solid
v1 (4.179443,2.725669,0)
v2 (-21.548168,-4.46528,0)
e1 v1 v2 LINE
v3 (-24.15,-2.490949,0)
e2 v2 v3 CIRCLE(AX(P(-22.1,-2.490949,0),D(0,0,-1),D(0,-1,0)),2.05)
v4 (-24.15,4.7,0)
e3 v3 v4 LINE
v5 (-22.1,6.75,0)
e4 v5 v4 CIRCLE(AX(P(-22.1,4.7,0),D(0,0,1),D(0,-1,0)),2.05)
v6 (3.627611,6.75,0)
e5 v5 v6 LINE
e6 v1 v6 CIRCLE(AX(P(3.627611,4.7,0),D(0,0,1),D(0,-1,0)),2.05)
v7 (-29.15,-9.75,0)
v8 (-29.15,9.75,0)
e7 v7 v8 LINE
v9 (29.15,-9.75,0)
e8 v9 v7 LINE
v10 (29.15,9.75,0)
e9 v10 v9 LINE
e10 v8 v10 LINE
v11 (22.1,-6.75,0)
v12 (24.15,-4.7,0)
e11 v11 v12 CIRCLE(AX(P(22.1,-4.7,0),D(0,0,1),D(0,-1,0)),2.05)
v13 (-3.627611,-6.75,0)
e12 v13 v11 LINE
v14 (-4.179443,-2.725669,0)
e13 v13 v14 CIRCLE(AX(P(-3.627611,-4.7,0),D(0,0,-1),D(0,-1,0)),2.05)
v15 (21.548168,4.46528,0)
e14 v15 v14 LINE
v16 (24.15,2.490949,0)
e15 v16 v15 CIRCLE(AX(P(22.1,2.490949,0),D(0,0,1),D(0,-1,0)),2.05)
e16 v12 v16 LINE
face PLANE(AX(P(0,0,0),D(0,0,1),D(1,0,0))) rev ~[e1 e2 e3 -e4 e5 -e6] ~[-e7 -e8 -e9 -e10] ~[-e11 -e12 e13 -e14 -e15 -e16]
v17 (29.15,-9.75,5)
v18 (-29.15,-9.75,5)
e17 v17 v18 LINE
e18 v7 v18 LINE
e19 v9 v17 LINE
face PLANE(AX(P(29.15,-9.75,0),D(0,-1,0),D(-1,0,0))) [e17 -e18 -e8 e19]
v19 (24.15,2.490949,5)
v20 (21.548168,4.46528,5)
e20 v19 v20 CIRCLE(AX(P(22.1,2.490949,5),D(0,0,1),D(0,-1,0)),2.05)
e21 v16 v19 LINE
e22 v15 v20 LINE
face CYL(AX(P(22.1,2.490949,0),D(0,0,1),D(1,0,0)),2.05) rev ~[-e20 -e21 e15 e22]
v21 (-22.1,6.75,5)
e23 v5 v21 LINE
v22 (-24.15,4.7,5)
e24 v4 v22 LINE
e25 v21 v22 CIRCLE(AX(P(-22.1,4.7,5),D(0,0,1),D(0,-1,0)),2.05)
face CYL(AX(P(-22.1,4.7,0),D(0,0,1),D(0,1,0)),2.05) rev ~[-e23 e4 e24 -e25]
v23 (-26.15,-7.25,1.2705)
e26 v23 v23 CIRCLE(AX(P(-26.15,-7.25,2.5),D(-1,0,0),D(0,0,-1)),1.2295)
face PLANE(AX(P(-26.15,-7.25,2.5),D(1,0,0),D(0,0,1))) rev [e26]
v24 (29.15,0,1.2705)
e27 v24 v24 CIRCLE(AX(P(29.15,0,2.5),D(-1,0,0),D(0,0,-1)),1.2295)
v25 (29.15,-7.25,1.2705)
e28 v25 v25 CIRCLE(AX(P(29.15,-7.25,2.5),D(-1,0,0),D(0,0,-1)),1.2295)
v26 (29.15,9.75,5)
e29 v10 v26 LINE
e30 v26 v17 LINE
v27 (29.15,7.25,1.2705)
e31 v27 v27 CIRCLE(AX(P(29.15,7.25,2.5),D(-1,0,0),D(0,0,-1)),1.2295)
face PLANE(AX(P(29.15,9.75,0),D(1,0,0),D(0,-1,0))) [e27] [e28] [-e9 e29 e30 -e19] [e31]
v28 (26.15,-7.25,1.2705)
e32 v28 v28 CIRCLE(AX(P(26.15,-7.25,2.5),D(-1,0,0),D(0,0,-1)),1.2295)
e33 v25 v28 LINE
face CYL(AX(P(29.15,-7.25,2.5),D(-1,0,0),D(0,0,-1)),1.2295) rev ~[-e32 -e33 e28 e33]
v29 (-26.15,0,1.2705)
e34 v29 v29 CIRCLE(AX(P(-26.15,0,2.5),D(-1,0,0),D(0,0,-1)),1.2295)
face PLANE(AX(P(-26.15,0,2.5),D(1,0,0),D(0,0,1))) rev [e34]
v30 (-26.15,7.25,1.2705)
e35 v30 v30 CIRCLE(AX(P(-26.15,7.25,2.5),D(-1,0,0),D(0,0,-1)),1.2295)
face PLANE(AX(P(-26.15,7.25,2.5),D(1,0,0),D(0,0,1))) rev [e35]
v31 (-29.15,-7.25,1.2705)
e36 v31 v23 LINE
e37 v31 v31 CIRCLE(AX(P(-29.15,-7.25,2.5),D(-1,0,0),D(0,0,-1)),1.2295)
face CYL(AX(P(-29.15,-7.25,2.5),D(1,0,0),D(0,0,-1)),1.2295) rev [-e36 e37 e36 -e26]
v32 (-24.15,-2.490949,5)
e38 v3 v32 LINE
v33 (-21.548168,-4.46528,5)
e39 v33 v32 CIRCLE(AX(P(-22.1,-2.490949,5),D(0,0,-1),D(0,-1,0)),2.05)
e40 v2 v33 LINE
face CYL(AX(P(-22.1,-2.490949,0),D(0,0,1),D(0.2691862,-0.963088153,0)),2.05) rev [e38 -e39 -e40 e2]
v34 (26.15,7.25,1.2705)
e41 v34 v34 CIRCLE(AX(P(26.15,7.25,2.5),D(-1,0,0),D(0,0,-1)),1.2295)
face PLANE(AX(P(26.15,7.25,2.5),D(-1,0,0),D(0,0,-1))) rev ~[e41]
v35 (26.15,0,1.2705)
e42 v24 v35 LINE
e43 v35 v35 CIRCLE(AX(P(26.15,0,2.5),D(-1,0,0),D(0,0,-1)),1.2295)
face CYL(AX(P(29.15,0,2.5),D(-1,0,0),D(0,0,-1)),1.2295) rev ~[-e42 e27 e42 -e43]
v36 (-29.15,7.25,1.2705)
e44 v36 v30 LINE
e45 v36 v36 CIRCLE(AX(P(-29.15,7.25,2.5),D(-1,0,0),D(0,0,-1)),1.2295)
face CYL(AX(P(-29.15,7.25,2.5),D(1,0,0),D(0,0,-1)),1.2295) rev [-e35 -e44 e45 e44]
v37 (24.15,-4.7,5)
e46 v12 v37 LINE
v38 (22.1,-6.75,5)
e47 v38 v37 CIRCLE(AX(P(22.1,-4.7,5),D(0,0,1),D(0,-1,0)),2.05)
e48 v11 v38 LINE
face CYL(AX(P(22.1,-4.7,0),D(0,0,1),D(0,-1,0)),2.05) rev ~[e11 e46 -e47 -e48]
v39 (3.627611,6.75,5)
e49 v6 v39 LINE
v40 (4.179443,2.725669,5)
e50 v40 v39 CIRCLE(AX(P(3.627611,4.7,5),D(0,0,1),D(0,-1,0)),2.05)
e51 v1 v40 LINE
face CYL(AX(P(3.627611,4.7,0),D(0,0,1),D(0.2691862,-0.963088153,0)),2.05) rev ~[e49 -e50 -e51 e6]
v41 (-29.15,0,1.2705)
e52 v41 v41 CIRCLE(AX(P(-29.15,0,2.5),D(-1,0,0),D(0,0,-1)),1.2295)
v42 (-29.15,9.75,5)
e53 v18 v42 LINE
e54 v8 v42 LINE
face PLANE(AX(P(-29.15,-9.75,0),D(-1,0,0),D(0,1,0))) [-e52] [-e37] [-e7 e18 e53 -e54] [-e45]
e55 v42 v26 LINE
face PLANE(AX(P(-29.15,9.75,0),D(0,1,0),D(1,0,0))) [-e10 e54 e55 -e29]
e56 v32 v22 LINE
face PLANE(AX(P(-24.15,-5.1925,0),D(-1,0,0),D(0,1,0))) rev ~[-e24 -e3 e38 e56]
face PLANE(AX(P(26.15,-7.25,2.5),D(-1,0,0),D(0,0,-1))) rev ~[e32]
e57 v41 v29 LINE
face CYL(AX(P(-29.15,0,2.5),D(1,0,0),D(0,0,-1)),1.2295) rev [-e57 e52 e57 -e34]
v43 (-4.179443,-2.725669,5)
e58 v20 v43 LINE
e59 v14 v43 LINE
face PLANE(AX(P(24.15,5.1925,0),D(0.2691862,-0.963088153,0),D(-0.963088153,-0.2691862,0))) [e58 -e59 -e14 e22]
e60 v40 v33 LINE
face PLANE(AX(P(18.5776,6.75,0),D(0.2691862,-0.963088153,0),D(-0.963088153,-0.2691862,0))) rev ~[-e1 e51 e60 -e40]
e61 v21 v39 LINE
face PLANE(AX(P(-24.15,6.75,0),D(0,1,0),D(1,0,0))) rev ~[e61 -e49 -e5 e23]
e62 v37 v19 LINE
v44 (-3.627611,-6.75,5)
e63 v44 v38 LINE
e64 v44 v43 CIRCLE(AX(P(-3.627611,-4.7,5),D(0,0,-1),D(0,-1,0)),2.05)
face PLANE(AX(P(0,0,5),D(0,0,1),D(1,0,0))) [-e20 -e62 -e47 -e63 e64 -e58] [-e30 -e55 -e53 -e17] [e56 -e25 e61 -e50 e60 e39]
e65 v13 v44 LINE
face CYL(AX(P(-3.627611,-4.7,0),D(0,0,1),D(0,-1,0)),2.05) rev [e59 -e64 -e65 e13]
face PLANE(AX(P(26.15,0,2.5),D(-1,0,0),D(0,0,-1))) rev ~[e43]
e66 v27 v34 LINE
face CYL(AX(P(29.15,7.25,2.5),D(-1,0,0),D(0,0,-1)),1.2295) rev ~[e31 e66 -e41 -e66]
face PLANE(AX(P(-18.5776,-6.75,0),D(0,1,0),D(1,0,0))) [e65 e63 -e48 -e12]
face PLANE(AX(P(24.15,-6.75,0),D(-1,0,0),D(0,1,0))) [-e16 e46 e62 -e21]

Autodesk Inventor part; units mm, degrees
ref_plane "YZ Plane" through (0, 0, 0) normal (1, 0, 0) x (0, 1, 0)
ref_plane "XZ Plane" through (0, 0, 0) normal (0, 1, 0) x (-1, 0, 0)
ref_plane "XY Plane" through (0, 0, 0) normal (0, 0, 1) x (1, 0, 0)
sketch "スケッチ1" plane through (0, 0, 0) normal (0, 0, 1) x (1, 0, 0)
  line L0 (-29.15, 9.75) -> (29.15, 9.75)
  line L1 (29.15, 9.75) -> (29.15, -9.75)
  line L2 (29.15, -9.75) -> (-29.15, -9.75)
  line L3 (-29.15, -9.75) -> (-29.15, 9.75)
  line L4 (-24.15, 6.75) -> (24.15, 6.75) construction
  line L5 (24.15, 6.75) -> (24.15, -6.75) construction
  line L6 (24.15, -6.75) -> (-24.15, -6.75) construction
  line L7 (-24.15, -6.75) -> (-24.15, 6.75) construction
  line L8 (24.15, 6.75) -> (-24.15, -6.75) construction
  line L9 (-24.15, -5.1925) -> (-24.15, 6.75)
  line L10 (-24.15, 6.75) -> (18.5776, 6.75)
  line L11 (18.5776, 6.75) -> (-24.15, -5.1925)
  line L12 (-18.5776, -6.75) -> (24.15, -6.75)
  line L13 (24.15, -6.75) -> (24.15, 5.1925)
  line L14 (24.15, 5.1925) -> (-18.5776, -6.75)
  line L15 (-29.15, 7.25) -> (29.15, 7.25) construction
  line L16 (29.15, -7.25) -> (-29.15, -7.25) construction
  line L17 (29.15, 7.25) -> (29.15, -7.25) construction
  point P0 (0, 0)
  point P1 (0, 6.75)
  point P2 (0, 9.75)
  point P3 (24.15, 0)
  point P4 (29.15, 0)
  dimension "d0" = 5
  dimension "d1" = 3
  dimension "d2" = 1.5
  dimension "d3" = 14.5
  dimension "d4" = 2.5
  dimension "d16" = 58.3
extrude "押し出し1" add sketch "スケッチ1" along normal blind 5
sketch "スケッチ2" plane through (29.15, -9.75, 0) normal (1, 0, 0) x (0, 0, -1)
  line L0 (0, 19.5) -> (-5, 19.5) projected
  line L1 (-5, 0) -> (-5, 19.5) projected
  line L2 (0, 9.75) -> (-5, 9.75) construction
  point P0 (-2.5, 2.5)
  point P1 (-2.5, 9.75)
  point P2 (-2.5, 17)
  point P3 (-2.5, 19.5)
  dimension "d7" = 14.5
hole "穴1" at (29.15, -7.25, 2.5) at (29.15, 7.25, 2.5) at (29.15, 0, 2.5) direction (-1, 0, 0) diameter 2.459 depth 3 thread size "M3x0.5" class "6H" standard "ISO Metric profile"
mirror "ミラー1" about plane through (0, 0, 0) normal (1, 0, 0) of "穴1"
fillet "フィレット3" radius 2.05 6 edges at (-24.15, 6.75, 2.5) (18.5776, 6.75, 2.5) (24.15, 5.1925, 2.5) (24.15, -6.75, 2.5) (-18.5776, -6.75, 2.5) (-24.15, -5.1925, 2.5)
equation "\"d7\" = d3"
properties part number "リンク_ふくらはぎ_サブフレーム_1_2(予備案)" material "アルミニウム 2014-T4"
